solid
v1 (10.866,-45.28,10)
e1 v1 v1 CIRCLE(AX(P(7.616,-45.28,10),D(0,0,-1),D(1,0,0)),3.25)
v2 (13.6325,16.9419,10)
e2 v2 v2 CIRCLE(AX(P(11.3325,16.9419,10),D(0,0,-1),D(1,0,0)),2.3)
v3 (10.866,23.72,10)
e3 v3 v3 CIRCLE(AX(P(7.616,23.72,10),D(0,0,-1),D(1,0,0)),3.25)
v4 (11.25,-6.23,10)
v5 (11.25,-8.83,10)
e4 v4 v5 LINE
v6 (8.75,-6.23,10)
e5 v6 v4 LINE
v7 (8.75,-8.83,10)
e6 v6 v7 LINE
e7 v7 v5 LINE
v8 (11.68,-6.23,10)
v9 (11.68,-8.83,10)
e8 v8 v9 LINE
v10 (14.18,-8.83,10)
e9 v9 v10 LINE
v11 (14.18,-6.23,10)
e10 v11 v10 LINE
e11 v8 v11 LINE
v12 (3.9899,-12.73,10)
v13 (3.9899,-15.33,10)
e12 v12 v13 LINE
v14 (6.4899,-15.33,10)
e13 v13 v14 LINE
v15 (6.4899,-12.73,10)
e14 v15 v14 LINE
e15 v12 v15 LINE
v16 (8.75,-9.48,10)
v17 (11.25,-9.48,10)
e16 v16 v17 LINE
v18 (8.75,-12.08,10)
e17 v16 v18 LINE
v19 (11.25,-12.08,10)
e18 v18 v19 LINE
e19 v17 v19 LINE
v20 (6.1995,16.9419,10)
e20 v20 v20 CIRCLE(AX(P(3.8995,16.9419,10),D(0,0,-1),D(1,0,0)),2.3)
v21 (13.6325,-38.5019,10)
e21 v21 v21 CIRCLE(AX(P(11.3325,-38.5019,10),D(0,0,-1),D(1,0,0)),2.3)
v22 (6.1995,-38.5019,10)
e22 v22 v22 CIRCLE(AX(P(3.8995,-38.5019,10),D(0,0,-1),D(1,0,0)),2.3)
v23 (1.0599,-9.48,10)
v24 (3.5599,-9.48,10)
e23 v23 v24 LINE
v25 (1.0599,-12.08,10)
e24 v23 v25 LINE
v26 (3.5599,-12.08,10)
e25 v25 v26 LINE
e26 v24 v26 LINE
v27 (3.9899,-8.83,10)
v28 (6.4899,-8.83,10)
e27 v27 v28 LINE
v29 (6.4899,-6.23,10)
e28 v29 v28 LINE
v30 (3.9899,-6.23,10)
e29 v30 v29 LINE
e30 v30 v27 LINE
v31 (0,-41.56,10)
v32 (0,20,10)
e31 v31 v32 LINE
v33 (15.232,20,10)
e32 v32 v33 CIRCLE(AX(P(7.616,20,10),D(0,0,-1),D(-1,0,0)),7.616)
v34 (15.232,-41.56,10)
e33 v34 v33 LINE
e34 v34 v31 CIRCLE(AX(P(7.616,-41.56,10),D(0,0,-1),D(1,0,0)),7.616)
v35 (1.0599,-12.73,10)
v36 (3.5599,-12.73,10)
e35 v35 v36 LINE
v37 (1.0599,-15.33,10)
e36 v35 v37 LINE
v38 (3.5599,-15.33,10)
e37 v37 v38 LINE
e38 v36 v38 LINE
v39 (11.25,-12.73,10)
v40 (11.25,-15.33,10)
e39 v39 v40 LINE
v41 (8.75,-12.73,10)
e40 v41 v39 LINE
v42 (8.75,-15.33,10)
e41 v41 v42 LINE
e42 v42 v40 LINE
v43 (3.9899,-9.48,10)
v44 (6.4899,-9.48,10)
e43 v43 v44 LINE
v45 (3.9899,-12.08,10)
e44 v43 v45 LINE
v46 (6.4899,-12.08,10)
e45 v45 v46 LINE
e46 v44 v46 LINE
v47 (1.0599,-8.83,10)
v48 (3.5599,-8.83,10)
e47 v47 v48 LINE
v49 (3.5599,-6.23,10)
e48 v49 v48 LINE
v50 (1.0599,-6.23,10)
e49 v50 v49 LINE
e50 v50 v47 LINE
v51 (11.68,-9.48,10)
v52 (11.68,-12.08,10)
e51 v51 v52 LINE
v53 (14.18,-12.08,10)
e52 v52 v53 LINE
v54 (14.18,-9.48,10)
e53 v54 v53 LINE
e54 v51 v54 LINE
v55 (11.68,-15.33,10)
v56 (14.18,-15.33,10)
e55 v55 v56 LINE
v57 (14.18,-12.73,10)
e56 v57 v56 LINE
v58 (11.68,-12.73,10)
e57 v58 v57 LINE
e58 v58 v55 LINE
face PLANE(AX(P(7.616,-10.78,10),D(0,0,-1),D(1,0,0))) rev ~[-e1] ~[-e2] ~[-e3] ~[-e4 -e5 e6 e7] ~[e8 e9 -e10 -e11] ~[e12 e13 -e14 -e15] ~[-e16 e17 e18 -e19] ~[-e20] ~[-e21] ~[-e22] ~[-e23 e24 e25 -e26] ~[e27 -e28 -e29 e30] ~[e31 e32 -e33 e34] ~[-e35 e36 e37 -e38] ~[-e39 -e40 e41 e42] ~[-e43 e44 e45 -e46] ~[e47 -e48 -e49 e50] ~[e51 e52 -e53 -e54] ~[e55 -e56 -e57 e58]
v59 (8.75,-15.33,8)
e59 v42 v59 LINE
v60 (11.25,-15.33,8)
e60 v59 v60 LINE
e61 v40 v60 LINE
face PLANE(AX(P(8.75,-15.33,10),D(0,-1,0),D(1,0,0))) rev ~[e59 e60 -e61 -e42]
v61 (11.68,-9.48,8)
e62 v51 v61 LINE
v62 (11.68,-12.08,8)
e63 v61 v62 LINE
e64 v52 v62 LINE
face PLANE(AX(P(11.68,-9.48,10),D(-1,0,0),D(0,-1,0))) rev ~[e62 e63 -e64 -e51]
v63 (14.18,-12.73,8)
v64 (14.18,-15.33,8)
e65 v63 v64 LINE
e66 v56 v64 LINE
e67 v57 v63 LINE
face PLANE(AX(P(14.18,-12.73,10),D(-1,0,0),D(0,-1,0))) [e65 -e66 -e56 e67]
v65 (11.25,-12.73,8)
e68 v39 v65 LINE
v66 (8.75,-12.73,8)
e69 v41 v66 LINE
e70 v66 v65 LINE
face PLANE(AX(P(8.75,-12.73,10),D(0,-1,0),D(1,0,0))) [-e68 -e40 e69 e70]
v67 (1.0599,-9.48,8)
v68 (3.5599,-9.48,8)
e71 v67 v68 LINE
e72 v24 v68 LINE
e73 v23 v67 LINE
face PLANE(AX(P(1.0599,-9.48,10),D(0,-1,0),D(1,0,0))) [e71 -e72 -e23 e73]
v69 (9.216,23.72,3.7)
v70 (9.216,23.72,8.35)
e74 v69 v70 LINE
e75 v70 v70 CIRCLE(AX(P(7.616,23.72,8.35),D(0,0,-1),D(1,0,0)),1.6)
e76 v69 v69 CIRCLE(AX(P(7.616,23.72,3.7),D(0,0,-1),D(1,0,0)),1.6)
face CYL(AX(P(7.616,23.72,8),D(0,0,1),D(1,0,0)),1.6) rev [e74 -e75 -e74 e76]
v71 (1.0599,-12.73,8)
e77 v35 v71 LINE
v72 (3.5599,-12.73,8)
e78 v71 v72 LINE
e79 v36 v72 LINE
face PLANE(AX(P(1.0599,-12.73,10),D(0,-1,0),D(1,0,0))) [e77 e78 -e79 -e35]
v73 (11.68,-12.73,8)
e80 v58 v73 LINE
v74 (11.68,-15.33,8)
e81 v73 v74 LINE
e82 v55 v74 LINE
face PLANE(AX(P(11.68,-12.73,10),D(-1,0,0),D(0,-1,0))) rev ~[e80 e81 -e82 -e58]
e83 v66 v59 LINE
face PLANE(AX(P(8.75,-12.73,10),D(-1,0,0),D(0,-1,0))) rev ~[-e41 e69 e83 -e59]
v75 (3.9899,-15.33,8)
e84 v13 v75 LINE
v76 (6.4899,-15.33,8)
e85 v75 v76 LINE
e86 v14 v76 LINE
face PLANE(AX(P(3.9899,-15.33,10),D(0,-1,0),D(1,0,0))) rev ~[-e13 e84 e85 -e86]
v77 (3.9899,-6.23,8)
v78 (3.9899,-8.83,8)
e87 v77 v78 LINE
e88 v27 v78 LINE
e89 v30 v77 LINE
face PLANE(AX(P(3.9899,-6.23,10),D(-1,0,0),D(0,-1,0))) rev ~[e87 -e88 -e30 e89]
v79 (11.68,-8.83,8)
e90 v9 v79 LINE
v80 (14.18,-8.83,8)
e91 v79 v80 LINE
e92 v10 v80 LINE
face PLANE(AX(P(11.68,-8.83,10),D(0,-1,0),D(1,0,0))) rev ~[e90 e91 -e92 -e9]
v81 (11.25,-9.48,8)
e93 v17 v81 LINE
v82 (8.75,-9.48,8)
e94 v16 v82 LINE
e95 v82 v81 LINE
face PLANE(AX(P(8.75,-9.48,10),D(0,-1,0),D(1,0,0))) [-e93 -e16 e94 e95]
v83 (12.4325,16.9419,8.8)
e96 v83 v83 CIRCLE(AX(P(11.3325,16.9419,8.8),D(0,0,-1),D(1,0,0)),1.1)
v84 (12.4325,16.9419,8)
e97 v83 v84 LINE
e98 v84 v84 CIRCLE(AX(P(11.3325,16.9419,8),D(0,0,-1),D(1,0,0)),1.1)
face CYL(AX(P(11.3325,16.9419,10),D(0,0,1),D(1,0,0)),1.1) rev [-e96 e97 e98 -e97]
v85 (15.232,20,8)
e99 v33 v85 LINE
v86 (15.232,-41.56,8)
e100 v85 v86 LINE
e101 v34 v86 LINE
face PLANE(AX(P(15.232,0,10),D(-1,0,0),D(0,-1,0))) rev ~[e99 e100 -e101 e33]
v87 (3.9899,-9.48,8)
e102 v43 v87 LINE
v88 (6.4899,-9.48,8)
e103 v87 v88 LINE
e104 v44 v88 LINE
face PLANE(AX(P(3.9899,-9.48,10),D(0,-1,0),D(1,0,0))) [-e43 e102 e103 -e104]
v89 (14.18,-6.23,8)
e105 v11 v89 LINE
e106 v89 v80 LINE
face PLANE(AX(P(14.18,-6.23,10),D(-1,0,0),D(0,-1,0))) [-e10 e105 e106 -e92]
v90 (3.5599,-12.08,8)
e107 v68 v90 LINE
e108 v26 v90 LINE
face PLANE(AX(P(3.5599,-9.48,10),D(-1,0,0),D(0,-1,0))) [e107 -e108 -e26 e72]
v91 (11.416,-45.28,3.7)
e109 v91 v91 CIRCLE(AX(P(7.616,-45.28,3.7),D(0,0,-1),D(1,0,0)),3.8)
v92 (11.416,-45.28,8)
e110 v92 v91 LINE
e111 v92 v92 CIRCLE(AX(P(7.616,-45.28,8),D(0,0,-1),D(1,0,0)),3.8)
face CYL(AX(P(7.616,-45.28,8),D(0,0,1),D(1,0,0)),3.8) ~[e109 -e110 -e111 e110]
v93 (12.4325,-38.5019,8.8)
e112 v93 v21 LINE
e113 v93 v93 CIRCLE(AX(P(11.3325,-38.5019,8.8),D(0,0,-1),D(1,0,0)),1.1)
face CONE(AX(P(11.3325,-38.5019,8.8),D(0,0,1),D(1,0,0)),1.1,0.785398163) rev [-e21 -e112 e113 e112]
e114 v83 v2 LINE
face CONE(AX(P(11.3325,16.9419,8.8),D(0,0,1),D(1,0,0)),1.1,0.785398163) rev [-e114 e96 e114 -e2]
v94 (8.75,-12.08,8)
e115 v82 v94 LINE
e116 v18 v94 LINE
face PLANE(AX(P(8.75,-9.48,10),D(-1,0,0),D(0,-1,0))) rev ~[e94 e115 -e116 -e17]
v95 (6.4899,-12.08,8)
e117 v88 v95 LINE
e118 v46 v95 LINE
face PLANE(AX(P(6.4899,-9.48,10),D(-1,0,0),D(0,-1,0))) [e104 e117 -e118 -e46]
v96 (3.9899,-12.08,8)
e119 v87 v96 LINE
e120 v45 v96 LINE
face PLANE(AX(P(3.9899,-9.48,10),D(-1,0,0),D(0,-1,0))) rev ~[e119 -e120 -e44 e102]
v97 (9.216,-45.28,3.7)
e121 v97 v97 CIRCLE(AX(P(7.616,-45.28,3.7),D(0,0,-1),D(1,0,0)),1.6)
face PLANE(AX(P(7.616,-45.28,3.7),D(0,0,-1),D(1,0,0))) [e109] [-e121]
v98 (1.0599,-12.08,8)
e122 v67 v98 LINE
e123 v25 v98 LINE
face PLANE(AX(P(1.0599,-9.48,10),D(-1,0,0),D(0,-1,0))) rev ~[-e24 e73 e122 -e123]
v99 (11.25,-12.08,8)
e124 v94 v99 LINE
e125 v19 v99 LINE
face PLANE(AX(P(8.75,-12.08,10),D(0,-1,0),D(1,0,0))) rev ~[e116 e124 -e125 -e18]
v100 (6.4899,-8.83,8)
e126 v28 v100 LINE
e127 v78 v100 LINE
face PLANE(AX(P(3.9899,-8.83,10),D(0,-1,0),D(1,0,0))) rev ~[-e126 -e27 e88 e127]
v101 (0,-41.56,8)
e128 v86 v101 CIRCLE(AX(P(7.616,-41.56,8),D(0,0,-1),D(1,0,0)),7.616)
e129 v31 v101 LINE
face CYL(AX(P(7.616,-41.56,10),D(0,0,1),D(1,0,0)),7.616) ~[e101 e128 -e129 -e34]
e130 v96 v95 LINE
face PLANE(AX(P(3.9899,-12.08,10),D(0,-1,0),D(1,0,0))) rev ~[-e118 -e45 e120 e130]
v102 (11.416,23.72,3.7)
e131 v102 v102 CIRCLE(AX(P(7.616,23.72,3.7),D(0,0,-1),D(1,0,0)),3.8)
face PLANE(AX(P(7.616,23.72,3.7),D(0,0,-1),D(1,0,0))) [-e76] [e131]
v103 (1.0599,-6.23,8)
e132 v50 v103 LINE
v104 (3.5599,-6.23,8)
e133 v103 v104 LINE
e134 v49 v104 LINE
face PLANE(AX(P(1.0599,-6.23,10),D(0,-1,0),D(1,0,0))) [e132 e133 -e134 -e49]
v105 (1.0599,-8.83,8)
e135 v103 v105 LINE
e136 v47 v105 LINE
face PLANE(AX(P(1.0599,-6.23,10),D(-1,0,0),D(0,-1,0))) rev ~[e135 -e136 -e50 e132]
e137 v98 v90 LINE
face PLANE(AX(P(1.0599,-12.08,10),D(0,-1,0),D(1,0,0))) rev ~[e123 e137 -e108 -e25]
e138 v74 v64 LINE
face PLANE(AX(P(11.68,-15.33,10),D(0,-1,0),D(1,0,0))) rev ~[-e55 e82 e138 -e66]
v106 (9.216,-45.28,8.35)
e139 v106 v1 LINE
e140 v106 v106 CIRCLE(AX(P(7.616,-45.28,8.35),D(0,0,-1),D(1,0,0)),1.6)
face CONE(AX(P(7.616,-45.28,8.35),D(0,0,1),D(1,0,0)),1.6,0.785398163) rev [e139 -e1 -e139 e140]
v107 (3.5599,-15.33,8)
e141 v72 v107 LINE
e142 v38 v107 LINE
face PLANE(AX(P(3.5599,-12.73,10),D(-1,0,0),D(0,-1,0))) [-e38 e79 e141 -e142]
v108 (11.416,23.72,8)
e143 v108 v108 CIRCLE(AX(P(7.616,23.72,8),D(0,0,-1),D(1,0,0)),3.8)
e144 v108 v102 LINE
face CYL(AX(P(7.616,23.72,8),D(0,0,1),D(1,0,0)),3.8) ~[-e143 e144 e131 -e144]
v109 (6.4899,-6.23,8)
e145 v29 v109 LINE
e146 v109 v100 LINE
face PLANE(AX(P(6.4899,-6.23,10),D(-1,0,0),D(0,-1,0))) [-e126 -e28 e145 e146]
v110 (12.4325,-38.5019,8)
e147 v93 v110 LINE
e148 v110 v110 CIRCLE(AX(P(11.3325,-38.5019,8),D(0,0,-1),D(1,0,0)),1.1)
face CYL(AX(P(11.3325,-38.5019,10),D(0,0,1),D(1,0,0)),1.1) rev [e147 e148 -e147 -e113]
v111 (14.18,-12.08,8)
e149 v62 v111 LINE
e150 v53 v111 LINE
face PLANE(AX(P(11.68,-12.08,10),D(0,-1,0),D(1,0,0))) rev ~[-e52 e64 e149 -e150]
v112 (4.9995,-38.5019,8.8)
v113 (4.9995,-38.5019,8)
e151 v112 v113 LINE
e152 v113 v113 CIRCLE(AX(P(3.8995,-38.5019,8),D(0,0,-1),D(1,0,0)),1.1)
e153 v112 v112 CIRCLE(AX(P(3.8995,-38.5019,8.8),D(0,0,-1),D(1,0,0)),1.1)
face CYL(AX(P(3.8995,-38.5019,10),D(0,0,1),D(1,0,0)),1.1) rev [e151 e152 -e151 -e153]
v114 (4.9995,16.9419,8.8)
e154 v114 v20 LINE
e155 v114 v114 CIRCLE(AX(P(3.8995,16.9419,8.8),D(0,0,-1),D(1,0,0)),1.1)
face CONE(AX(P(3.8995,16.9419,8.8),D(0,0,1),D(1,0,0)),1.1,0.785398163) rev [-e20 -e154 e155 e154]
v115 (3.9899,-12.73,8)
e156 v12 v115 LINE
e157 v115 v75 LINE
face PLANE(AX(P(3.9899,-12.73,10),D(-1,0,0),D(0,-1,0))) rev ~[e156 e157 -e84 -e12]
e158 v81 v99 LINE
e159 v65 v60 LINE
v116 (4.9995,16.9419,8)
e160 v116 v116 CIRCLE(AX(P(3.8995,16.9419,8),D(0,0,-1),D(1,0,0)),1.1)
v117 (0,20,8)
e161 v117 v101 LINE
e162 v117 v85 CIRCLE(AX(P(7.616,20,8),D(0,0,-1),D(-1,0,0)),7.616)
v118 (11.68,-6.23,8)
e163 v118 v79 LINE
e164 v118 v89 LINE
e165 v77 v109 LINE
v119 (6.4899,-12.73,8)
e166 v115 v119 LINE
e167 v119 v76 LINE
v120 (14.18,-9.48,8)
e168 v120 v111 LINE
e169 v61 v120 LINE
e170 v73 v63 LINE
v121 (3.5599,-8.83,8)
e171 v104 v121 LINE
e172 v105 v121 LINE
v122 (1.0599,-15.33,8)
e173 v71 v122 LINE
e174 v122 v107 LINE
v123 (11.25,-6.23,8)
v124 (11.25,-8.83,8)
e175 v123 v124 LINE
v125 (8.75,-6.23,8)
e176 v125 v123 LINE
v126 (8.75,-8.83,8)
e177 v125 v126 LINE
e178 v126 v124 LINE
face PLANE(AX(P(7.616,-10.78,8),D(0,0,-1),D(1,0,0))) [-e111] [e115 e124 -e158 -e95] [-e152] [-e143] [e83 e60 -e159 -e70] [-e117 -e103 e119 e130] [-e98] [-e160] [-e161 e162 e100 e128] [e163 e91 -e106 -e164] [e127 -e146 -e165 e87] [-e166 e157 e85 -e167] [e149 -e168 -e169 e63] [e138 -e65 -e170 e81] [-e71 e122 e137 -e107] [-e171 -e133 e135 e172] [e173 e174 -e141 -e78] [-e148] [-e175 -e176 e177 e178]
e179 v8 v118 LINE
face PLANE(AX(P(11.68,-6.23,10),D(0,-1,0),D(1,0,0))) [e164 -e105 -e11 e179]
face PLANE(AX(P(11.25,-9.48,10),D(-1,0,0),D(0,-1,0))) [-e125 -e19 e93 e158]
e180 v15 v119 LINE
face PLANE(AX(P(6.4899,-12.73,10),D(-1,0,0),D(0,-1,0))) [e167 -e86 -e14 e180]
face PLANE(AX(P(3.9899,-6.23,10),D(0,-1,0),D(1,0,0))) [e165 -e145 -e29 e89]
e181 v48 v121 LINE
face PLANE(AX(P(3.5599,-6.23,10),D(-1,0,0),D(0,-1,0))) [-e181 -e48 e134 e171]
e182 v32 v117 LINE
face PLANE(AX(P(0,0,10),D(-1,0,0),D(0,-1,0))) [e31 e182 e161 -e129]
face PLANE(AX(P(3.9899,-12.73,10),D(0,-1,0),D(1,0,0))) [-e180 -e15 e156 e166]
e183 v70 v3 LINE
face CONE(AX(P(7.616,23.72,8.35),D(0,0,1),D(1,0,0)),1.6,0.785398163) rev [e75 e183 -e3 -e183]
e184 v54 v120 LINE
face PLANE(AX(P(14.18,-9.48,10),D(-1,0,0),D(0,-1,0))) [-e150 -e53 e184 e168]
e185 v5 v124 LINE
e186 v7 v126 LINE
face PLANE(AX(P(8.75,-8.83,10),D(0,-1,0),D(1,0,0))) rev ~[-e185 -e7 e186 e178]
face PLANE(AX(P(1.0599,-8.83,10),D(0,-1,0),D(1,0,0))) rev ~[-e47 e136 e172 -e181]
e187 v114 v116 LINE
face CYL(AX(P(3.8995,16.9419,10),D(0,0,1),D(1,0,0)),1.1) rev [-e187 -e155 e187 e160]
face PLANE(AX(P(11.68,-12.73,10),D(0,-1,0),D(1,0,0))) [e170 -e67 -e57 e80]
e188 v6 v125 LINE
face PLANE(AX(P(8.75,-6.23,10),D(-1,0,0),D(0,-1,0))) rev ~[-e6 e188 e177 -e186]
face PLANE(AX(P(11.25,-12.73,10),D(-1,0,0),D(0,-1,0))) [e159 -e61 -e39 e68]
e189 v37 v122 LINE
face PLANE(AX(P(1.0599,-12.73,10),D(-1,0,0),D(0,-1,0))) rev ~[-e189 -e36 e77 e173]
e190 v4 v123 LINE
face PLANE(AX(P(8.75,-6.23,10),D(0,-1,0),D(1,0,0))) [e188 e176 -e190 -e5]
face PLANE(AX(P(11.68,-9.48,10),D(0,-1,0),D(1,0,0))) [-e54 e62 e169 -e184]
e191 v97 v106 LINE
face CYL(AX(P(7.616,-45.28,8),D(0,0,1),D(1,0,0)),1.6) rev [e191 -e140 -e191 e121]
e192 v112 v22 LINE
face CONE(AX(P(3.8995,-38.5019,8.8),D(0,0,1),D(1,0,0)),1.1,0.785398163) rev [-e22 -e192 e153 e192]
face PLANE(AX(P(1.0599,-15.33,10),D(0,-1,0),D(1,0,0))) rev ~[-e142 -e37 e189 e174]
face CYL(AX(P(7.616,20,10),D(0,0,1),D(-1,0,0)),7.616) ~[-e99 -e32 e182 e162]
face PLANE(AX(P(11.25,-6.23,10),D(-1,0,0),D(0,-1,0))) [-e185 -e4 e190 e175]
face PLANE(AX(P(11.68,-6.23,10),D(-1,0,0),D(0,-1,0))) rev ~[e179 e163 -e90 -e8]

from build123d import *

# Parameters (mm, degrees)
SKETCH002_R            = 1.6
PAD_DEPTH              = 2
CHAMFER_SIZE           = 1.65
CHAMFER003_SIZE        = 1.65
SKETCH005_W            = 15.232
SKETCH005_H            = 21.56
SKETCH005_W_2          = 2.5
SKETCH005_H_2          = 2.6
PAD003_DEPTH           = 2
SKETCH_R               = 3.8
SKETCH_R_2             = 1.6
PAD004_DEPTH           = 4.3
SKETCH001_W            = 15.232
SKETCH001_H            = 20
SKETCH001_R            = 1.1
PAD001_DEPTH           = 2
CHAMFER002_SIZE        = 1.2
FUSION_PLACEMENT_ANGLE = 180


with BuildPart() as chamfer003:
    # Sketch002 → Pad (new body)
    with BuildSketch(Plane.XY):
        with BuildLine():
            ThreePointArc((15.232, 41.56), (7.616, 49.176), (0, 41.56))
            Line((0, 41.56), (15.232, 41.56))
        make_face()
        with Locations((7.616, 45.28)):
            Circle(SKETCH002_R, mode=Mode.SUBTRACT)
        with BuildLine():
            ThreePointArc((0, -20), (7.616, -27.616), (15.232, -20))
            Line((0, -20), (15.232, -20))
        make_face()
        with Locations((7.616, -23.72)):
            Circle(SKETCH002_R, mode=Mode.SUBTRACT)
    extrude(amount=PAD_DEPTH)

    # Chamfer
    chamfer_edges = [chamfer003.edges().sort_by_distance(p)[0] for p in [
        (6.016, 45.28, 0),
    ]]
    chamfer(chamfer_edges, length=CHAMFER_SIZE)

    # Chamfer003
    chamfer003_edges = [chamfer003.edges().sort_by_distance(p)[0] for p in [
        (6.016, -23.72, 0),
    ]]
    chamfer(chamfer003_edges, length=CHAMFER003_SIZE)


with BuildPart() as pad003:
    # Sketch005 → Pad003 (new body)
    with BuildSketch(Plane.XY):
        with Locations((7.616, 10.78)):
            Rectangle(SKETCH005_W, SKETCH005_H)
        with Locations((2.3099, 10.78)):
            Rectangle(SKETCH005_W_2, SKETCH005_H_2, mode=Mode.SUBTRACT)
        with Locations((2.3099, 14.03)):
            Rectangle(SKETCH005_W_2, SKETCH005_H_2, mode=Mode.SUBTRACT)
        with Locations((2.3099, 7.53)):
            Rectangle(SKETCH005_W_2, SKETCH005_H_2, mode=Mode.SUBTRACT)
        with Locations((5.2399, 14.03)):
            Rectangle(SKETCH005_W_2, SKETCH005_H_2, mode=Mode.SUBTRACT)
        with Locations((5.2399, 10.78)):
            Rectangle(SKETCH005_W_2, SKETCH005_H_2, mode=Mode.SUBTRACT)
        with Locations((5.2399, 7.53)):
            Rectangle(SKETCH005_W_2, SKETCH005_H_2, mode=Mode.SUBTRACT)
        with Locations((10, 14.03)):
            Rectangle(SKETCH005_W_2, SKETCH005_H_2, mode=Mode.SUBTRACT)
        with Locations((12.93, 14.03)):
            Rectangle(SKETCH005_W_2, SKETCH005_H_2, mode=Mode.SUBTRACT)
        with Locations((10, 10.78)):
            Rectangle(SKETCH005_W_2, SKETCH005_H_2, mode=Mode.SUBTRACT)
        with Locations((12.93, 10.78)):
            Rectangle(SKETCH005_W_2, SKETCH005_H_2, mode=Mode.SUBTRACT)
        with Locations((10, 7.53)):
            Rectangle(SKETCH005_W_2, SKETCH005_H_2, mode=Mode.SUBTRACT)
        with Locations((12.93, 7.53)):
            Rectangle(SKETCH005_W_2, SKETCH005_H_2, mode=Mode.SUBTRACT)
    extrude(amount=PAD003_DEPTH)


with BuildPart() as pad004:
    # Sketch → Pad004 (new body)
    with BuildSketch(Plane.XY.offset(2)):
        with Locations((7.616, 45.28)):
            Circle(SKETCH_R)
        with Locations((7.616, 45.28)):
            Circle(SKETCH_R_2, mode=Mode.SUBTRACT)
        with Locations((7.616, -23.72)):
            Circle(SKETCH_R)
        with Locations((7.616, -23.72)):
            Circle(SKETCH_R_2, mode=Mode.SUBTRACT)
    extrude(amount=PAD004_DEPTH)


with BuildPart() as topplate:
    # Sketch001 → Pad001 (new body)
    with BuildSketch(Plane.XY):
        with Locations((7.616, -10)):
            Rectangle(SKETCH001_W, SKETCH001_H)
        with Locations((3.8995, -16.9419)):
            Circle(SKETCH001_R, mode=Mode.SUBTRACT)
        with Locations((11.3325, -16.9419)):
            Circle(SKETCH001_R, mode=Mode.SUBTRACT)
        with Locations((7.616, 31.56)):
            Rectangle(SKETCH001_W, SKETCH001_H)
        with Locations((3.8995, 38.5019)):
            Circle(SKETCH001_R, mode=Mode.SUBTRACT)
        with Locations((11.3325, 38.5019)):
            Circle(SKETCH001_R, mode=Mode.SUBTRACT)
    extrude(amount=PAD001_DEPTH)

    # Chamfer002
    chamfer002_edges = [topplate.edges().sort_by_distance(p)[0] for p in [
        (10.2325, -16.9419, 0),
        (2.7995, -16.9419, 0),
        (10.2325, 38.5019, 0),
        (2.7995, 38.5019, 0),
    ]]
    chamfer(chamfer002_edges, length=CHAMFER002_SIZE)

    # Fusion: union Chamfer003, Pad003, Pad004
    add(chamfer003.part)
    add(pad003.part)
    add(pad004.part)


with BuildPart() as topplate_1:
    # Fusion placement: moved
    add(topplate.part.moved(Location((0, 0, 10))).rotate(Axis((0, 0, 10), (1, 0, 0)), FUSION_PLACEMENT_ANGLE))


solid = topplate_1.part
